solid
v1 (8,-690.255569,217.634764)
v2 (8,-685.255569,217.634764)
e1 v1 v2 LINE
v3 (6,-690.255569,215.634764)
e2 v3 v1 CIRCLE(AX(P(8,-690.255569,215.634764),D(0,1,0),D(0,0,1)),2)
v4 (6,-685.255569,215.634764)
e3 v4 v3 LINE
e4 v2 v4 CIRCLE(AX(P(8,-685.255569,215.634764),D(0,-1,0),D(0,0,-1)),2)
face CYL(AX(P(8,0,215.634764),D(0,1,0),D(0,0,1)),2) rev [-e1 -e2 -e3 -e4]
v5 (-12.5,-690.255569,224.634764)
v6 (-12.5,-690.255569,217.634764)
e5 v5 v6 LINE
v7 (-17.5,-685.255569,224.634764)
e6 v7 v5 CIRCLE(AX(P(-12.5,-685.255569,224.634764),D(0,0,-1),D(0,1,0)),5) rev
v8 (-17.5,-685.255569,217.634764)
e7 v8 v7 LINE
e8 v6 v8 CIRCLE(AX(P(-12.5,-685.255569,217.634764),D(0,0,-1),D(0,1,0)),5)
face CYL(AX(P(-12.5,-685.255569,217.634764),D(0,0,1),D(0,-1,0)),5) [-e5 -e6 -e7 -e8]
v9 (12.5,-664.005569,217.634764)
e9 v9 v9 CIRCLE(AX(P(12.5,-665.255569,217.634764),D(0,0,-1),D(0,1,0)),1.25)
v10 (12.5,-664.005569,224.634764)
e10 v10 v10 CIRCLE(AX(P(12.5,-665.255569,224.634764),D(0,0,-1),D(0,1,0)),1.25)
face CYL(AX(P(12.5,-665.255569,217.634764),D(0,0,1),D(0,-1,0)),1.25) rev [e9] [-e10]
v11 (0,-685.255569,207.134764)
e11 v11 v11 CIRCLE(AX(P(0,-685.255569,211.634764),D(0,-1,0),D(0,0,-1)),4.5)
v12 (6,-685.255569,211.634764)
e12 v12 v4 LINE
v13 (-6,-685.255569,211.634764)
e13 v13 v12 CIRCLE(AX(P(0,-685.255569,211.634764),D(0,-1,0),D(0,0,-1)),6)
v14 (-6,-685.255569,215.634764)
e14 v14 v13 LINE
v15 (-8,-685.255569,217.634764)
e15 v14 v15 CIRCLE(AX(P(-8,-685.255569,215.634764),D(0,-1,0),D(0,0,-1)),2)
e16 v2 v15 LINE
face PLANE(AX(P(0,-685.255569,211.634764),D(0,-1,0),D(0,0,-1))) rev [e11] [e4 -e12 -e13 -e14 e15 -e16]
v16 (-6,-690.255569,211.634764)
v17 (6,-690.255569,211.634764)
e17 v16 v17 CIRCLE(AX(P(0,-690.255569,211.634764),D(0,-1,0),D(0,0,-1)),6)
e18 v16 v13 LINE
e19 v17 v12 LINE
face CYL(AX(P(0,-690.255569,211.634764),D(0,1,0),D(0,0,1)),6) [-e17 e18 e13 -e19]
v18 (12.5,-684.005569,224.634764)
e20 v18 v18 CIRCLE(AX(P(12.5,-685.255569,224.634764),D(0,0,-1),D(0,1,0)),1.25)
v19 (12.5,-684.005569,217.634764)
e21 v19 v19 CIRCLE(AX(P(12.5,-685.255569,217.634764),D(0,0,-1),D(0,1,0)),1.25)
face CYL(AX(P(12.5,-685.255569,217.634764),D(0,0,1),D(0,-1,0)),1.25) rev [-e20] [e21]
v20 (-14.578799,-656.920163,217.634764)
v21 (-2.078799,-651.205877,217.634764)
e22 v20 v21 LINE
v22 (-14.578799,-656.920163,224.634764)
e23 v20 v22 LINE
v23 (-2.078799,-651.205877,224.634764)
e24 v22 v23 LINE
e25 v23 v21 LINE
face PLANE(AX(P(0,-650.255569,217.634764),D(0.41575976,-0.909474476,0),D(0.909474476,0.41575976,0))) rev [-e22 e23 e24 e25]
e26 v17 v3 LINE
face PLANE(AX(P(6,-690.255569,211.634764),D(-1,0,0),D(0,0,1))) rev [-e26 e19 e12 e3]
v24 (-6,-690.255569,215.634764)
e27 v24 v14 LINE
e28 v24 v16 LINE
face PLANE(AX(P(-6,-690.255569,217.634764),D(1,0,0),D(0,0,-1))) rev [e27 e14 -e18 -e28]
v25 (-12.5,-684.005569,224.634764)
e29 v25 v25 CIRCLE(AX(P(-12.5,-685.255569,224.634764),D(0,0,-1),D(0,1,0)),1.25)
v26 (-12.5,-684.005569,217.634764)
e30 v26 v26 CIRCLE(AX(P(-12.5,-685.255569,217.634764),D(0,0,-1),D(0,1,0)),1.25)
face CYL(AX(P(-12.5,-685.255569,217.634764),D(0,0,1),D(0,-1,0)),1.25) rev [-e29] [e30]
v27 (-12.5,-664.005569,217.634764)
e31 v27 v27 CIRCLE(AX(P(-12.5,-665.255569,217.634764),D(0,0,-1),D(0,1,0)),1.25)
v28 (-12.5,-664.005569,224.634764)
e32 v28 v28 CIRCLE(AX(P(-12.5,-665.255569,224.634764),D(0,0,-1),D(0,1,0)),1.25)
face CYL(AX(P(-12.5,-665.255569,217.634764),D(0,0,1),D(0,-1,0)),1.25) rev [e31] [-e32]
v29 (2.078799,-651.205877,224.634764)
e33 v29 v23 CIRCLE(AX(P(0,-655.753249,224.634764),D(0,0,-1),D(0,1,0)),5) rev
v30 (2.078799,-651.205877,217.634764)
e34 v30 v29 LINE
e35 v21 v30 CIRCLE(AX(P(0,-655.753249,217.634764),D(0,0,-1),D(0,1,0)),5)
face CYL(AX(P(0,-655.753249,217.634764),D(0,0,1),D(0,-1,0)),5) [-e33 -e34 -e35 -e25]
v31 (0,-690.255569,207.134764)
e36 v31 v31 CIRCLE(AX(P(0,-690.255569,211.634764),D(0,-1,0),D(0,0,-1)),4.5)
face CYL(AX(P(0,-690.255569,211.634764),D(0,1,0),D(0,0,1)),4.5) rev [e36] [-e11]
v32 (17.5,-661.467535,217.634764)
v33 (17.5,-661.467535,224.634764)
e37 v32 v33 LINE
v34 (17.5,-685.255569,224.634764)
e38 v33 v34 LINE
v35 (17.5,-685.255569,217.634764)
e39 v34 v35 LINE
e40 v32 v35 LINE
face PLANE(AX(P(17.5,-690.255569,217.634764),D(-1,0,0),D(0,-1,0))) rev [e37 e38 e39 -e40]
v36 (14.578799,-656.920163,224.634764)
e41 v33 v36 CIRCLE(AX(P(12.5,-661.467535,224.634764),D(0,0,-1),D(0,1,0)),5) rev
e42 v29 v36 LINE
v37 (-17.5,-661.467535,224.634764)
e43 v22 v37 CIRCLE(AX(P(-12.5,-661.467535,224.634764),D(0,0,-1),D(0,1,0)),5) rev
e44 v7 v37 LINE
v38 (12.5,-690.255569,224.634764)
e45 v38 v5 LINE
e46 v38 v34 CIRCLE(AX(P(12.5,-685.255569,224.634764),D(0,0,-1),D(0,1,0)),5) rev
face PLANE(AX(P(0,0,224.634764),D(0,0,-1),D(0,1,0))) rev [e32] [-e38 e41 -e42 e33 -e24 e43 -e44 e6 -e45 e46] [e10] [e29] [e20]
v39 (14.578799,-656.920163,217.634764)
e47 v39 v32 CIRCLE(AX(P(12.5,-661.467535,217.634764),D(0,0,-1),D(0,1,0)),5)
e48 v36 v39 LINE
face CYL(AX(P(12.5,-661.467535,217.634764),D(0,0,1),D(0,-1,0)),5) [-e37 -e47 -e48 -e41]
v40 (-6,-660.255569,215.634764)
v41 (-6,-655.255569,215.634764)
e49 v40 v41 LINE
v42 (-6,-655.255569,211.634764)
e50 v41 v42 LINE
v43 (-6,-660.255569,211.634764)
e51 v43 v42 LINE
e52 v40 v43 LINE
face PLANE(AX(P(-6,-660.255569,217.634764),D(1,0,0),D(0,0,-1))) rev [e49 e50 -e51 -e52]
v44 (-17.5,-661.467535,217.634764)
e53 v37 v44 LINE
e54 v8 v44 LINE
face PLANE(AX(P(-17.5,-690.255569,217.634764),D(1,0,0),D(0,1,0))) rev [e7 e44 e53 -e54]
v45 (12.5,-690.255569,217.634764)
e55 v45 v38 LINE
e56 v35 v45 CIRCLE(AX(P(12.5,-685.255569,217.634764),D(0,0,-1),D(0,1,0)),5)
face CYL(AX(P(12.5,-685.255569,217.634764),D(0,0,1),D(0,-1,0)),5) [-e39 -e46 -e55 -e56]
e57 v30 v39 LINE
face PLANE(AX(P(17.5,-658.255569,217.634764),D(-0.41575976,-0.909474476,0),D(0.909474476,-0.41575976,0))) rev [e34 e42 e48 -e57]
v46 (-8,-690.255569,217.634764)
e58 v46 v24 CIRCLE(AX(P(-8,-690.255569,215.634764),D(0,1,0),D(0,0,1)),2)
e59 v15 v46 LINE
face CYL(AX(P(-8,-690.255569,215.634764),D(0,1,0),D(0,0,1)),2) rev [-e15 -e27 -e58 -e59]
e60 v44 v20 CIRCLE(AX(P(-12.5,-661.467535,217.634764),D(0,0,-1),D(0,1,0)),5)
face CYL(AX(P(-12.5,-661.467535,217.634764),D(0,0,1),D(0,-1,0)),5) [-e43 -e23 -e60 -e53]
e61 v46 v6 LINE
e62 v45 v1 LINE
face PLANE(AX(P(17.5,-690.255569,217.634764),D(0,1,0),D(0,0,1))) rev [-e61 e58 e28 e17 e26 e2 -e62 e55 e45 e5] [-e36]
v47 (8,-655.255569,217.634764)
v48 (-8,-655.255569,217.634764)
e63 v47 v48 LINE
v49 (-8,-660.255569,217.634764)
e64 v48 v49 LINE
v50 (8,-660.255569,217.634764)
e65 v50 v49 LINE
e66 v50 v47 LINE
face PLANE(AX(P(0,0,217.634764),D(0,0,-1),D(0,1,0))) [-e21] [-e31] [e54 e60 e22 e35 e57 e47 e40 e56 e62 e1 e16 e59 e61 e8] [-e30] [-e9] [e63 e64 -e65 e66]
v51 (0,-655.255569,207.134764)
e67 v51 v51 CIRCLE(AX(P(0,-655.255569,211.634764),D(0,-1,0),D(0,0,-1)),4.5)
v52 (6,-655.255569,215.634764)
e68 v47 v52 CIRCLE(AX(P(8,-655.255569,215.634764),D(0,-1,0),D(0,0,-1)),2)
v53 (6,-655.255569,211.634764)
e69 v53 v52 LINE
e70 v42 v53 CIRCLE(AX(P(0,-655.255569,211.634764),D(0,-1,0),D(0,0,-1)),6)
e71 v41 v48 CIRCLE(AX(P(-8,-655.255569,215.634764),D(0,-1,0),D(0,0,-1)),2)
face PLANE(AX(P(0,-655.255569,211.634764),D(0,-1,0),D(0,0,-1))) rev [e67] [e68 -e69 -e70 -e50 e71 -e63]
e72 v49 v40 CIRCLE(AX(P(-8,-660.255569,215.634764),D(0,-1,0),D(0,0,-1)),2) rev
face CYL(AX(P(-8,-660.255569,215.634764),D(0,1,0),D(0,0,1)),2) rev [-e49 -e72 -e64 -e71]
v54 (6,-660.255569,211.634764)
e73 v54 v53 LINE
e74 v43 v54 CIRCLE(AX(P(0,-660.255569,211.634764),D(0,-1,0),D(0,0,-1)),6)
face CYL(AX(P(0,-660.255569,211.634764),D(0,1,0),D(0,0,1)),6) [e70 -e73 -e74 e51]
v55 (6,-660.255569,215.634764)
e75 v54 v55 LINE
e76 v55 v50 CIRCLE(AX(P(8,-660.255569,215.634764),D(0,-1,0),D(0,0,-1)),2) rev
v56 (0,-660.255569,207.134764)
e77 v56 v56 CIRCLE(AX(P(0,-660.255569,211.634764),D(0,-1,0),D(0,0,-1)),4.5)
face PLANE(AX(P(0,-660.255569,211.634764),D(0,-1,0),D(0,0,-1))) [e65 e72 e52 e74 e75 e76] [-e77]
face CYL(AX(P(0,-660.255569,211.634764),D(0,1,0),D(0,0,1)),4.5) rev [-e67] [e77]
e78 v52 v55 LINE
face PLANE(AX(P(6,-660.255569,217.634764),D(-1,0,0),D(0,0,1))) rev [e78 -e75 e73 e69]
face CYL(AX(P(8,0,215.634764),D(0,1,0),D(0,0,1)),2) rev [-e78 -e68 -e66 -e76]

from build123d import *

# Parameters (mm, degrees)
SKETCH1_R           = 1.25
BOSS_EXTRUDE1_DEPTH = 7
SKETCH2_R           = 4.5
BOSS_EXTRUDE2_DEPTH = 5
SKETCH3_R           = 4.5
BOSS_EXTRUDE3_DEPTH = 5
FILLET1_R           = 2
FILLET2_R           = 5


with BuildPart() as part:
    # Sketch1 → Boss-Extrude1 (new body)
    with BuildSketch(Plane(origin=(0, -692.732289503, 224.634763615), x_dir=(1, 0, 0), z_dir=(0, 0, -1))):
        Polygon((17.5, -2.476720525), (17.5, -34.476720525), (0, -42.476720525), (-17.5, -34.476720525), (-17.5, -2.476720525), align=None)
        with Locations(Location((-12.5, -27.476720525, 0), (0, 0, 270))):
            Circle(SKETCH1_R, mode=Mode.SUBTRACT)
        with Locations(Location((12.5, -27.476720525, 0), (0, 0, 270))):
            Circle(SKETCH1_R, mode=Mode.SUBTRACT)
        with Locations(Location((12.5, -7.476720525, 0), (0, 0, 270))):
            Circle(SKETCH1_R, mode=Mode.SUBTRACT)
        with Locations(Location((-12.5, -7.476720525, 0), (0, 0, 270))):
            Circle(SKETCH1_R, mode=Mode.SUBTRACT)
    extrude(amount=BOSS_EXTRUDE1_DEPTH)

    # Sketch2 → Boss-Extrude2 (add)
    with BuildSketch(Plane.XZ.offset(655.255568978)):
        with BuildLine():
            Line((6, 217.634763615), (-6, 217.634763615))
            Line((-6, 217.634763615), (-6, 211.634763615))
            ThreePointArc((-6, 211.634763615), (0, 205.634763615), (6, 211.634763615))
            Line((6, 211.634763615), (6, 217.634763615))
        make_face()
        with Locations(Location((0, 211.634763615, 0), (0, 0, 270))):
            Circle(SKETCH2_R, mode=Mode.SUBTRACT)
    extrude(amount=BOSS_EXTRUDE2_DEPTH)

    # Sketch3 → Boss-Extrude3 (add)
    with BuildSketch(Plane.XZ.offset(685.255568978)):
        with BuildLine():
            Line((6, 217.634763615), (-6, 217.634763615))
            Line((-6, 217.634763615), (-6, 211.634763615))
            ThreePointArc((-6, 211.634763615), (0, 205.634763615), (6, 211.634763615))
            Line((6, 211.634763615), (6, 217.634763615))
        make_face()
        with Locations(Location((0, 211.634763615, 0), (0, 0, 270))):
            Circle(SKETCH3_R, mode=Mode.SUBTRACT)
    extrude(amount=BOSS_EXTRUDE3_DEPTH)

    # Fillet1
    fillet1_edges = [part.edges().sort_by_distance(p)[0] for p in [
        (6, -657.755568978, 217.634763615),
        (-6, -657.755568978, 217.634763615),
        (6, -687.755568978, 217.634763615),
        (-6, -687.755568978, 217.634763615),
    ]]
    fillet(fillet1_edges, radius=FILLET1_R)

    # Fillet2
    fillet2_edges = [part.edges().sort_by_distance(p)[0] for p in [
        (17.5, -690.255568978, 221.134763615),
        (17.5, -658.255568978, 221.134763615),
        (0, -650.255568978, 221.134763615),
        (-17.5, -658.255568978, 221.134763615),
        (-17.5, -690.255568978, 221.134763615),
    ]]
    fillet(fillet2_edges, radius=FILLET2_R)


solid = part.part
